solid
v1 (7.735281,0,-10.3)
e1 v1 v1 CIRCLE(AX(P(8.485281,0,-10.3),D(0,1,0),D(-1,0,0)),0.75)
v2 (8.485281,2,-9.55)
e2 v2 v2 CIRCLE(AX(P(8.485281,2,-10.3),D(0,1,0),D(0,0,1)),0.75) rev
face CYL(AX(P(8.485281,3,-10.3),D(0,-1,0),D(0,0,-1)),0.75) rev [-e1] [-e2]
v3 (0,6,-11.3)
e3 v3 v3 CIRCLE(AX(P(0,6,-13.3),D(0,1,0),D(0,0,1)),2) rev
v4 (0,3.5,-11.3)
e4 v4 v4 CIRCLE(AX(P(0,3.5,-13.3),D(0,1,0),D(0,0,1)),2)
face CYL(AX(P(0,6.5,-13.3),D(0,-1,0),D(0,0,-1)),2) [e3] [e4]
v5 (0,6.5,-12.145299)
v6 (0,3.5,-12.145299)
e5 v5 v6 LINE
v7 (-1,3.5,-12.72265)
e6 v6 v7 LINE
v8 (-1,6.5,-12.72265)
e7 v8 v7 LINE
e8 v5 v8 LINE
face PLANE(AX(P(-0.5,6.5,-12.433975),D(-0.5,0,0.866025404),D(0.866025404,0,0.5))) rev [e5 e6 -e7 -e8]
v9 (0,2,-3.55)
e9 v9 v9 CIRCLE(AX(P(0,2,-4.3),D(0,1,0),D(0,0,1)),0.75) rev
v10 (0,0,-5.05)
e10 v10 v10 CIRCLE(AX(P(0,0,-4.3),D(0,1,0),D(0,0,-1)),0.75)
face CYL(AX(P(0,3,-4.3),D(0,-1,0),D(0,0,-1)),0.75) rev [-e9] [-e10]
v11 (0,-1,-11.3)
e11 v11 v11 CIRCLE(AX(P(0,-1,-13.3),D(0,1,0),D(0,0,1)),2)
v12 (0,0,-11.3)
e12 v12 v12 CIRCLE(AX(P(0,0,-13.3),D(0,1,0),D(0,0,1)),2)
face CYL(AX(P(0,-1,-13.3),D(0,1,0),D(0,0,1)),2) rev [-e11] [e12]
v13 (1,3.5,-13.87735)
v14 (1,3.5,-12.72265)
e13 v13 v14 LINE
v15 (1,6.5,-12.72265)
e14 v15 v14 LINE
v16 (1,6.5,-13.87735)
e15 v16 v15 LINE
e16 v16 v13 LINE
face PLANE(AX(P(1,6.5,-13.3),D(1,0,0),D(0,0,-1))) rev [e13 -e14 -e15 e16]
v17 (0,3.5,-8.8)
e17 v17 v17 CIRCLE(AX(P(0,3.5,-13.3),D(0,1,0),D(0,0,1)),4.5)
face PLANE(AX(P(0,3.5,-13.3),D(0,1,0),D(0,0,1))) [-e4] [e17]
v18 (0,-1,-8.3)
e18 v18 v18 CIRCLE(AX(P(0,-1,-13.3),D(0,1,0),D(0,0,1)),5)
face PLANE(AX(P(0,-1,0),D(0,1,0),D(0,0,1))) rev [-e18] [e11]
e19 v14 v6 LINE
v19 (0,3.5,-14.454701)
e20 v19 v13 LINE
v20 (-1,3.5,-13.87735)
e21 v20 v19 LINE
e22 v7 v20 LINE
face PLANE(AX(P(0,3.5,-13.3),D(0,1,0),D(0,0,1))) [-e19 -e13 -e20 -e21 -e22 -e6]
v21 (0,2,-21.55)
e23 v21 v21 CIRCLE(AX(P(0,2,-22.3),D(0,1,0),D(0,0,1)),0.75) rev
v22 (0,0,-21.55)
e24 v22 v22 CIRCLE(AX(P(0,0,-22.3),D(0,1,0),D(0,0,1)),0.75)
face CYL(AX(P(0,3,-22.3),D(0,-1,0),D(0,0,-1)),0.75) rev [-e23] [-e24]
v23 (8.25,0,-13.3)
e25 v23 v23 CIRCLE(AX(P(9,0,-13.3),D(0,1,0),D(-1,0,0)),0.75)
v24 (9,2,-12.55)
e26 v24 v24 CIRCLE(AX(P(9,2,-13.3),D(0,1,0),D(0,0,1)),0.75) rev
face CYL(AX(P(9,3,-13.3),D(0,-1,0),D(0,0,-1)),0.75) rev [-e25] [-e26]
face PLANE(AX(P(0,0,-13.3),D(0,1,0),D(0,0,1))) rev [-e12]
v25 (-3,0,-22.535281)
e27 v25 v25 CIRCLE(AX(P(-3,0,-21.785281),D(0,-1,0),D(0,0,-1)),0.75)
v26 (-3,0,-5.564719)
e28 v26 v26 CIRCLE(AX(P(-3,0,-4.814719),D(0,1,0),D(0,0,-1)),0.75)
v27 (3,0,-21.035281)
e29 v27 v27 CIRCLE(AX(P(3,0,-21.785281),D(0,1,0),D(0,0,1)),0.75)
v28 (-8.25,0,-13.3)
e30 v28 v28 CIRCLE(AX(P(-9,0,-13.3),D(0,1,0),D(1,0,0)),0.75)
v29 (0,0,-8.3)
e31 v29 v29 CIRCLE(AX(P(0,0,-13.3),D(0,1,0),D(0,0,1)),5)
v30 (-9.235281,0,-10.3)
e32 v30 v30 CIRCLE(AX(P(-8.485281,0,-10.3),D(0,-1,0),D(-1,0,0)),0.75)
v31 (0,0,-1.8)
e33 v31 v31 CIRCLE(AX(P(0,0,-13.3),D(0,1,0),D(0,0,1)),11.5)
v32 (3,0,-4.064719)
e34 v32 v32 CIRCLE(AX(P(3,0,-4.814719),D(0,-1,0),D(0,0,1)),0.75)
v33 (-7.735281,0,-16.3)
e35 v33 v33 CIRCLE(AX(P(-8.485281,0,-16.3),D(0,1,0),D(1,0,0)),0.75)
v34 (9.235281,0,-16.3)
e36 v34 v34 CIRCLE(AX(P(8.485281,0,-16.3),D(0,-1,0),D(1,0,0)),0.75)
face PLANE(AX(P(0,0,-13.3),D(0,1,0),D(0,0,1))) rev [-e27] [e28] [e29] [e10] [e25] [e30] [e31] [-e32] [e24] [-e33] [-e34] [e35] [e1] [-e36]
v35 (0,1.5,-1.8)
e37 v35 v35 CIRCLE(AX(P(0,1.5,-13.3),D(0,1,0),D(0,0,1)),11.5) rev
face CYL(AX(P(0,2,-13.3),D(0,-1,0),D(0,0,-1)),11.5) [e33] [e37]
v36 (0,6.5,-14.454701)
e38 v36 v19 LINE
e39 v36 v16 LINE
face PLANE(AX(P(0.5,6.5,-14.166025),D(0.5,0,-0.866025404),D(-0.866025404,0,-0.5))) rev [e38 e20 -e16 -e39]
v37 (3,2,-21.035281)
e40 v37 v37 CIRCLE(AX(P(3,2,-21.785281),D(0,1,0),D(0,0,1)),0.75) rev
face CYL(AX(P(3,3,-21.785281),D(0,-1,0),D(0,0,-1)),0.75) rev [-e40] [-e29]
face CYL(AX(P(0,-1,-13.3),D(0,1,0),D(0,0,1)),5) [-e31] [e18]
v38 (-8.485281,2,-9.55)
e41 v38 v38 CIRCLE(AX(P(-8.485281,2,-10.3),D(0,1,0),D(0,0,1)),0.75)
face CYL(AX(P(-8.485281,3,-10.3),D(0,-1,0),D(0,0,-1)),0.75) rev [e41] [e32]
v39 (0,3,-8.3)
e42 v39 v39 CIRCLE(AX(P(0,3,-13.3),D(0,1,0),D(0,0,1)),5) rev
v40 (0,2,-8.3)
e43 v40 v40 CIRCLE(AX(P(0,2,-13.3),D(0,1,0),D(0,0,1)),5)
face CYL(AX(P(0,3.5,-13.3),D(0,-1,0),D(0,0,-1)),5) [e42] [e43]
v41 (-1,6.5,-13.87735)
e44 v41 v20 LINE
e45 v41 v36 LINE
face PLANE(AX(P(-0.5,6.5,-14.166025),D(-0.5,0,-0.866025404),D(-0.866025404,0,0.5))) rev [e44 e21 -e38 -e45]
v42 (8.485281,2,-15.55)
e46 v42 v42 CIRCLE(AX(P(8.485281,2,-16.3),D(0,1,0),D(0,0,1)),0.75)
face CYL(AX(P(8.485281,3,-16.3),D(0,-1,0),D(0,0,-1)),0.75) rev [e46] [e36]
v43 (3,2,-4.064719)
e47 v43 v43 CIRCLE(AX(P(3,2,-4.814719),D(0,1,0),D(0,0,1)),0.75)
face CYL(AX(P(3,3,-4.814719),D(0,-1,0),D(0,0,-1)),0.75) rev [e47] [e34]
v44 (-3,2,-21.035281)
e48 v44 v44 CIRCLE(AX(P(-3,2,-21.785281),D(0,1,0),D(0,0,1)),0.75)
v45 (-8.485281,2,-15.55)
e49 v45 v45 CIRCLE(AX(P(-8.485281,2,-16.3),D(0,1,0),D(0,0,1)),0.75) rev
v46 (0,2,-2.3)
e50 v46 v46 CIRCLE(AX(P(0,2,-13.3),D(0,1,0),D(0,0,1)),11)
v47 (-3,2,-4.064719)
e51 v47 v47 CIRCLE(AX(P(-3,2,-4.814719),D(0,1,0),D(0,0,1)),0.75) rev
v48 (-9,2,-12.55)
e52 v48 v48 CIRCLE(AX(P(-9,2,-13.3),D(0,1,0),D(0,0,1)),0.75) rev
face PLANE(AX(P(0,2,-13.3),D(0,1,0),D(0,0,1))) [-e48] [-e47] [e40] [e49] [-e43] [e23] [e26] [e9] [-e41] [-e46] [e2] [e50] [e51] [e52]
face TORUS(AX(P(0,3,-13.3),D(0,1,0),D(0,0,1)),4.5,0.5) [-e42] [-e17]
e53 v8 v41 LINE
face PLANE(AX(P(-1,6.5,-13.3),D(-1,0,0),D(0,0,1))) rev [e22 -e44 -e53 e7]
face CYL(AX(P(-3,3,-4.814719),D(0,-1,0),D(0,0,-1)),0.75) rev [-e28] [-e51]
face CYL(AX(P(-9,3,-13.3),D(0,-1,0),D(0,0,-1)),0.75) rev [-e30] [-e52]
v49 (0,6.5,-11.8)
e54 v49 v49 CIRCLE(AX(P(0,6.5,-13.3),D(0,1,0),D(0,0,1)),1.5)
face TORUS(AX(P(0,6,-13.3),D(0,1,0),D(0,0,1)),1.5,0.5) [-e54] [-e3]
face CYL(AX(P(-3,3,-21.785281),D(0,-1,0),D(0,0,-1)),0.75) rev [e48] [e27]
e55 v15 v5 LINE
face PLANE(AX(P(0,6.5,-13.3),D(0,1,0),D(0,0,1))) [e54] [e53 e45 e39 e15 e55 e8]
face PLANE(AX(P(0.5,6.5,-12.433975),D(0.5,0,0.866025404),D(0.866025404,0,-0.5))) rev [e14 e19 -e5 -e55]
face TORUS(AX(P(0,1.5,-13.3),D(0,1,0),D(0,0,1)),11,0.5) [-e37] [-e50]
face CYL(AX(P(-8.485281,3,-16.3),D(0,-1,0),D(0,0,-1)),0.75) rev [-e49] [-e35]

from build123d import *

# Parameters (mm, degrees)
CROQUIS1_R              = 11.5
SALIENTE_EXTRUIR1_DEPTH = 2
CROQUIS1_9_R            = 0.75
CORTAR_EXTRUIR2_DEPTH   = 3
MATRIZC2_COUNT          = 4
SALIENTE_EXTRUIR2_START = 2
CROQUIS1_11_R           = 5
SALIENTE_EXTRUIR2_DEPTH = 1.5
SALIENTE_EXTRUIR3_START = 3.5
CROQUIS1_12_R           = 2
SALIENTE_EXTRUIR3_DEPTH = 3
REDONDEO1_R             = 0.5
CROQUIS1_13_R           = 5
CROQUIS1_13_R_2         = 2
SALIENTE_EXTRUIR4_DEPTH = 1


with BuildPart() as part:
    # Croquis1 → Saliente-Extruir1 (new body)
    with BuildSketch(Plane(origin=(0, 0, 0), x_dir=(1, 0, 0), z_dir=(0, 1, 0))):
        with Locations((0, 13.3)):
            Circle(CROQUIS1_R)
    extrude(amount=SALIENTE_EXTRUIR1_DEPTH)

    # Croquis1<9> → Cortar-Extruir2 (cut)
    with BuildSketch(Plane(origin=(0, 0, 0), x_dir=(1, 0, 0), z_dir=(0, 1, 0))):
        with Locations((0, 22.3)):
            Circle(CROQUIS1_9_R)
        with Locations((3, 21.785281374)):
            Circle(CROQUIS1_9_R)
        with Locations((-3, 21.785281374)):
            Circle(CROQUIS1_9_R)
    cortar_extruir2 = extrude(amount=CORTAR_EXTRUIR2_DEPTH, mode=Mode.SUBTRACT)

    # MatrizC2: Cortar-Extruir2 ×4 about axis
    matrizc2_axis = Axis((0, 0, -13.3), (0, 1, 0))
    for i in range(1, MATRIZC2_COUNT):
        add(cortar_extruir2.rotate(matrizc2_axis, i * 360 / MATRIZC2_COUNT), mode=Mode.SUBTRACT)

    # Croquis1<11> → Saliente-Extruir2 (add)
    with BuildSketch(Plane(origin=(0, 0, 0), x_dir=(1, 0, 0), z_dir=(0, 1, 0)).offset(SALIENTE_EXTRUIR2_START)):
        with Locations((0, 13.3)):
            Circle(CROQUIS1_11_R)
    extrude(amount=SALIENTE_EXTRUIR2_DEPTH)

    # Croquis1<12> → Saliente-Extruir3 (add)
    with BuildSketch(Plane(origin=(0, 0, 0), x_dir=(1, 0, 0), z_dir=(0, 1, 0)).offset(SALIENTE_EXTRUIR3_START)):
        with Locations((0, 13.3)):
            Circle(CROQUIS1_12_R)
        Polygon((1, 12.722649731), (1, 13.877350269), (0, 14.454700538), (-1, 13.877350269), (-1, 12.722649731), (0, 12.145299462), align=None, mode=Mode.SUBTRACT)
    extrude(amount=SALIENTE_EXTRUIR3_DEPTH)

    # Redondeo1
    redondeo1_edges = [part.edges().sort_by_distance(p)[0] for p in [
        (-11.5, 2, -13.3),
        (-5, 3.5, -13.3),
        (-2, 6.5, -13.3),
    ]]
    fillet(redondeo1_edges, radius=REDONDEO1_R)

    # Croquis1<13> → Saliente-Extruir4 (add)
    with BuildSketch(Plane(origin=(0, 0, 0), x_dir=(1, 0, 0), z_dir=(0, 1, 0))):
        with Locations((0, 13.3)):
            Circle(CROQUIS1_13_R)
        with Locations((0, 13.3)):
            Circle(CROQUIS1_13_R_2, mode=Mode.SUBTRACT)
    extrude(amount=-SALIENTE_EXTRUIR4_DEPTH)


solid = part.part
